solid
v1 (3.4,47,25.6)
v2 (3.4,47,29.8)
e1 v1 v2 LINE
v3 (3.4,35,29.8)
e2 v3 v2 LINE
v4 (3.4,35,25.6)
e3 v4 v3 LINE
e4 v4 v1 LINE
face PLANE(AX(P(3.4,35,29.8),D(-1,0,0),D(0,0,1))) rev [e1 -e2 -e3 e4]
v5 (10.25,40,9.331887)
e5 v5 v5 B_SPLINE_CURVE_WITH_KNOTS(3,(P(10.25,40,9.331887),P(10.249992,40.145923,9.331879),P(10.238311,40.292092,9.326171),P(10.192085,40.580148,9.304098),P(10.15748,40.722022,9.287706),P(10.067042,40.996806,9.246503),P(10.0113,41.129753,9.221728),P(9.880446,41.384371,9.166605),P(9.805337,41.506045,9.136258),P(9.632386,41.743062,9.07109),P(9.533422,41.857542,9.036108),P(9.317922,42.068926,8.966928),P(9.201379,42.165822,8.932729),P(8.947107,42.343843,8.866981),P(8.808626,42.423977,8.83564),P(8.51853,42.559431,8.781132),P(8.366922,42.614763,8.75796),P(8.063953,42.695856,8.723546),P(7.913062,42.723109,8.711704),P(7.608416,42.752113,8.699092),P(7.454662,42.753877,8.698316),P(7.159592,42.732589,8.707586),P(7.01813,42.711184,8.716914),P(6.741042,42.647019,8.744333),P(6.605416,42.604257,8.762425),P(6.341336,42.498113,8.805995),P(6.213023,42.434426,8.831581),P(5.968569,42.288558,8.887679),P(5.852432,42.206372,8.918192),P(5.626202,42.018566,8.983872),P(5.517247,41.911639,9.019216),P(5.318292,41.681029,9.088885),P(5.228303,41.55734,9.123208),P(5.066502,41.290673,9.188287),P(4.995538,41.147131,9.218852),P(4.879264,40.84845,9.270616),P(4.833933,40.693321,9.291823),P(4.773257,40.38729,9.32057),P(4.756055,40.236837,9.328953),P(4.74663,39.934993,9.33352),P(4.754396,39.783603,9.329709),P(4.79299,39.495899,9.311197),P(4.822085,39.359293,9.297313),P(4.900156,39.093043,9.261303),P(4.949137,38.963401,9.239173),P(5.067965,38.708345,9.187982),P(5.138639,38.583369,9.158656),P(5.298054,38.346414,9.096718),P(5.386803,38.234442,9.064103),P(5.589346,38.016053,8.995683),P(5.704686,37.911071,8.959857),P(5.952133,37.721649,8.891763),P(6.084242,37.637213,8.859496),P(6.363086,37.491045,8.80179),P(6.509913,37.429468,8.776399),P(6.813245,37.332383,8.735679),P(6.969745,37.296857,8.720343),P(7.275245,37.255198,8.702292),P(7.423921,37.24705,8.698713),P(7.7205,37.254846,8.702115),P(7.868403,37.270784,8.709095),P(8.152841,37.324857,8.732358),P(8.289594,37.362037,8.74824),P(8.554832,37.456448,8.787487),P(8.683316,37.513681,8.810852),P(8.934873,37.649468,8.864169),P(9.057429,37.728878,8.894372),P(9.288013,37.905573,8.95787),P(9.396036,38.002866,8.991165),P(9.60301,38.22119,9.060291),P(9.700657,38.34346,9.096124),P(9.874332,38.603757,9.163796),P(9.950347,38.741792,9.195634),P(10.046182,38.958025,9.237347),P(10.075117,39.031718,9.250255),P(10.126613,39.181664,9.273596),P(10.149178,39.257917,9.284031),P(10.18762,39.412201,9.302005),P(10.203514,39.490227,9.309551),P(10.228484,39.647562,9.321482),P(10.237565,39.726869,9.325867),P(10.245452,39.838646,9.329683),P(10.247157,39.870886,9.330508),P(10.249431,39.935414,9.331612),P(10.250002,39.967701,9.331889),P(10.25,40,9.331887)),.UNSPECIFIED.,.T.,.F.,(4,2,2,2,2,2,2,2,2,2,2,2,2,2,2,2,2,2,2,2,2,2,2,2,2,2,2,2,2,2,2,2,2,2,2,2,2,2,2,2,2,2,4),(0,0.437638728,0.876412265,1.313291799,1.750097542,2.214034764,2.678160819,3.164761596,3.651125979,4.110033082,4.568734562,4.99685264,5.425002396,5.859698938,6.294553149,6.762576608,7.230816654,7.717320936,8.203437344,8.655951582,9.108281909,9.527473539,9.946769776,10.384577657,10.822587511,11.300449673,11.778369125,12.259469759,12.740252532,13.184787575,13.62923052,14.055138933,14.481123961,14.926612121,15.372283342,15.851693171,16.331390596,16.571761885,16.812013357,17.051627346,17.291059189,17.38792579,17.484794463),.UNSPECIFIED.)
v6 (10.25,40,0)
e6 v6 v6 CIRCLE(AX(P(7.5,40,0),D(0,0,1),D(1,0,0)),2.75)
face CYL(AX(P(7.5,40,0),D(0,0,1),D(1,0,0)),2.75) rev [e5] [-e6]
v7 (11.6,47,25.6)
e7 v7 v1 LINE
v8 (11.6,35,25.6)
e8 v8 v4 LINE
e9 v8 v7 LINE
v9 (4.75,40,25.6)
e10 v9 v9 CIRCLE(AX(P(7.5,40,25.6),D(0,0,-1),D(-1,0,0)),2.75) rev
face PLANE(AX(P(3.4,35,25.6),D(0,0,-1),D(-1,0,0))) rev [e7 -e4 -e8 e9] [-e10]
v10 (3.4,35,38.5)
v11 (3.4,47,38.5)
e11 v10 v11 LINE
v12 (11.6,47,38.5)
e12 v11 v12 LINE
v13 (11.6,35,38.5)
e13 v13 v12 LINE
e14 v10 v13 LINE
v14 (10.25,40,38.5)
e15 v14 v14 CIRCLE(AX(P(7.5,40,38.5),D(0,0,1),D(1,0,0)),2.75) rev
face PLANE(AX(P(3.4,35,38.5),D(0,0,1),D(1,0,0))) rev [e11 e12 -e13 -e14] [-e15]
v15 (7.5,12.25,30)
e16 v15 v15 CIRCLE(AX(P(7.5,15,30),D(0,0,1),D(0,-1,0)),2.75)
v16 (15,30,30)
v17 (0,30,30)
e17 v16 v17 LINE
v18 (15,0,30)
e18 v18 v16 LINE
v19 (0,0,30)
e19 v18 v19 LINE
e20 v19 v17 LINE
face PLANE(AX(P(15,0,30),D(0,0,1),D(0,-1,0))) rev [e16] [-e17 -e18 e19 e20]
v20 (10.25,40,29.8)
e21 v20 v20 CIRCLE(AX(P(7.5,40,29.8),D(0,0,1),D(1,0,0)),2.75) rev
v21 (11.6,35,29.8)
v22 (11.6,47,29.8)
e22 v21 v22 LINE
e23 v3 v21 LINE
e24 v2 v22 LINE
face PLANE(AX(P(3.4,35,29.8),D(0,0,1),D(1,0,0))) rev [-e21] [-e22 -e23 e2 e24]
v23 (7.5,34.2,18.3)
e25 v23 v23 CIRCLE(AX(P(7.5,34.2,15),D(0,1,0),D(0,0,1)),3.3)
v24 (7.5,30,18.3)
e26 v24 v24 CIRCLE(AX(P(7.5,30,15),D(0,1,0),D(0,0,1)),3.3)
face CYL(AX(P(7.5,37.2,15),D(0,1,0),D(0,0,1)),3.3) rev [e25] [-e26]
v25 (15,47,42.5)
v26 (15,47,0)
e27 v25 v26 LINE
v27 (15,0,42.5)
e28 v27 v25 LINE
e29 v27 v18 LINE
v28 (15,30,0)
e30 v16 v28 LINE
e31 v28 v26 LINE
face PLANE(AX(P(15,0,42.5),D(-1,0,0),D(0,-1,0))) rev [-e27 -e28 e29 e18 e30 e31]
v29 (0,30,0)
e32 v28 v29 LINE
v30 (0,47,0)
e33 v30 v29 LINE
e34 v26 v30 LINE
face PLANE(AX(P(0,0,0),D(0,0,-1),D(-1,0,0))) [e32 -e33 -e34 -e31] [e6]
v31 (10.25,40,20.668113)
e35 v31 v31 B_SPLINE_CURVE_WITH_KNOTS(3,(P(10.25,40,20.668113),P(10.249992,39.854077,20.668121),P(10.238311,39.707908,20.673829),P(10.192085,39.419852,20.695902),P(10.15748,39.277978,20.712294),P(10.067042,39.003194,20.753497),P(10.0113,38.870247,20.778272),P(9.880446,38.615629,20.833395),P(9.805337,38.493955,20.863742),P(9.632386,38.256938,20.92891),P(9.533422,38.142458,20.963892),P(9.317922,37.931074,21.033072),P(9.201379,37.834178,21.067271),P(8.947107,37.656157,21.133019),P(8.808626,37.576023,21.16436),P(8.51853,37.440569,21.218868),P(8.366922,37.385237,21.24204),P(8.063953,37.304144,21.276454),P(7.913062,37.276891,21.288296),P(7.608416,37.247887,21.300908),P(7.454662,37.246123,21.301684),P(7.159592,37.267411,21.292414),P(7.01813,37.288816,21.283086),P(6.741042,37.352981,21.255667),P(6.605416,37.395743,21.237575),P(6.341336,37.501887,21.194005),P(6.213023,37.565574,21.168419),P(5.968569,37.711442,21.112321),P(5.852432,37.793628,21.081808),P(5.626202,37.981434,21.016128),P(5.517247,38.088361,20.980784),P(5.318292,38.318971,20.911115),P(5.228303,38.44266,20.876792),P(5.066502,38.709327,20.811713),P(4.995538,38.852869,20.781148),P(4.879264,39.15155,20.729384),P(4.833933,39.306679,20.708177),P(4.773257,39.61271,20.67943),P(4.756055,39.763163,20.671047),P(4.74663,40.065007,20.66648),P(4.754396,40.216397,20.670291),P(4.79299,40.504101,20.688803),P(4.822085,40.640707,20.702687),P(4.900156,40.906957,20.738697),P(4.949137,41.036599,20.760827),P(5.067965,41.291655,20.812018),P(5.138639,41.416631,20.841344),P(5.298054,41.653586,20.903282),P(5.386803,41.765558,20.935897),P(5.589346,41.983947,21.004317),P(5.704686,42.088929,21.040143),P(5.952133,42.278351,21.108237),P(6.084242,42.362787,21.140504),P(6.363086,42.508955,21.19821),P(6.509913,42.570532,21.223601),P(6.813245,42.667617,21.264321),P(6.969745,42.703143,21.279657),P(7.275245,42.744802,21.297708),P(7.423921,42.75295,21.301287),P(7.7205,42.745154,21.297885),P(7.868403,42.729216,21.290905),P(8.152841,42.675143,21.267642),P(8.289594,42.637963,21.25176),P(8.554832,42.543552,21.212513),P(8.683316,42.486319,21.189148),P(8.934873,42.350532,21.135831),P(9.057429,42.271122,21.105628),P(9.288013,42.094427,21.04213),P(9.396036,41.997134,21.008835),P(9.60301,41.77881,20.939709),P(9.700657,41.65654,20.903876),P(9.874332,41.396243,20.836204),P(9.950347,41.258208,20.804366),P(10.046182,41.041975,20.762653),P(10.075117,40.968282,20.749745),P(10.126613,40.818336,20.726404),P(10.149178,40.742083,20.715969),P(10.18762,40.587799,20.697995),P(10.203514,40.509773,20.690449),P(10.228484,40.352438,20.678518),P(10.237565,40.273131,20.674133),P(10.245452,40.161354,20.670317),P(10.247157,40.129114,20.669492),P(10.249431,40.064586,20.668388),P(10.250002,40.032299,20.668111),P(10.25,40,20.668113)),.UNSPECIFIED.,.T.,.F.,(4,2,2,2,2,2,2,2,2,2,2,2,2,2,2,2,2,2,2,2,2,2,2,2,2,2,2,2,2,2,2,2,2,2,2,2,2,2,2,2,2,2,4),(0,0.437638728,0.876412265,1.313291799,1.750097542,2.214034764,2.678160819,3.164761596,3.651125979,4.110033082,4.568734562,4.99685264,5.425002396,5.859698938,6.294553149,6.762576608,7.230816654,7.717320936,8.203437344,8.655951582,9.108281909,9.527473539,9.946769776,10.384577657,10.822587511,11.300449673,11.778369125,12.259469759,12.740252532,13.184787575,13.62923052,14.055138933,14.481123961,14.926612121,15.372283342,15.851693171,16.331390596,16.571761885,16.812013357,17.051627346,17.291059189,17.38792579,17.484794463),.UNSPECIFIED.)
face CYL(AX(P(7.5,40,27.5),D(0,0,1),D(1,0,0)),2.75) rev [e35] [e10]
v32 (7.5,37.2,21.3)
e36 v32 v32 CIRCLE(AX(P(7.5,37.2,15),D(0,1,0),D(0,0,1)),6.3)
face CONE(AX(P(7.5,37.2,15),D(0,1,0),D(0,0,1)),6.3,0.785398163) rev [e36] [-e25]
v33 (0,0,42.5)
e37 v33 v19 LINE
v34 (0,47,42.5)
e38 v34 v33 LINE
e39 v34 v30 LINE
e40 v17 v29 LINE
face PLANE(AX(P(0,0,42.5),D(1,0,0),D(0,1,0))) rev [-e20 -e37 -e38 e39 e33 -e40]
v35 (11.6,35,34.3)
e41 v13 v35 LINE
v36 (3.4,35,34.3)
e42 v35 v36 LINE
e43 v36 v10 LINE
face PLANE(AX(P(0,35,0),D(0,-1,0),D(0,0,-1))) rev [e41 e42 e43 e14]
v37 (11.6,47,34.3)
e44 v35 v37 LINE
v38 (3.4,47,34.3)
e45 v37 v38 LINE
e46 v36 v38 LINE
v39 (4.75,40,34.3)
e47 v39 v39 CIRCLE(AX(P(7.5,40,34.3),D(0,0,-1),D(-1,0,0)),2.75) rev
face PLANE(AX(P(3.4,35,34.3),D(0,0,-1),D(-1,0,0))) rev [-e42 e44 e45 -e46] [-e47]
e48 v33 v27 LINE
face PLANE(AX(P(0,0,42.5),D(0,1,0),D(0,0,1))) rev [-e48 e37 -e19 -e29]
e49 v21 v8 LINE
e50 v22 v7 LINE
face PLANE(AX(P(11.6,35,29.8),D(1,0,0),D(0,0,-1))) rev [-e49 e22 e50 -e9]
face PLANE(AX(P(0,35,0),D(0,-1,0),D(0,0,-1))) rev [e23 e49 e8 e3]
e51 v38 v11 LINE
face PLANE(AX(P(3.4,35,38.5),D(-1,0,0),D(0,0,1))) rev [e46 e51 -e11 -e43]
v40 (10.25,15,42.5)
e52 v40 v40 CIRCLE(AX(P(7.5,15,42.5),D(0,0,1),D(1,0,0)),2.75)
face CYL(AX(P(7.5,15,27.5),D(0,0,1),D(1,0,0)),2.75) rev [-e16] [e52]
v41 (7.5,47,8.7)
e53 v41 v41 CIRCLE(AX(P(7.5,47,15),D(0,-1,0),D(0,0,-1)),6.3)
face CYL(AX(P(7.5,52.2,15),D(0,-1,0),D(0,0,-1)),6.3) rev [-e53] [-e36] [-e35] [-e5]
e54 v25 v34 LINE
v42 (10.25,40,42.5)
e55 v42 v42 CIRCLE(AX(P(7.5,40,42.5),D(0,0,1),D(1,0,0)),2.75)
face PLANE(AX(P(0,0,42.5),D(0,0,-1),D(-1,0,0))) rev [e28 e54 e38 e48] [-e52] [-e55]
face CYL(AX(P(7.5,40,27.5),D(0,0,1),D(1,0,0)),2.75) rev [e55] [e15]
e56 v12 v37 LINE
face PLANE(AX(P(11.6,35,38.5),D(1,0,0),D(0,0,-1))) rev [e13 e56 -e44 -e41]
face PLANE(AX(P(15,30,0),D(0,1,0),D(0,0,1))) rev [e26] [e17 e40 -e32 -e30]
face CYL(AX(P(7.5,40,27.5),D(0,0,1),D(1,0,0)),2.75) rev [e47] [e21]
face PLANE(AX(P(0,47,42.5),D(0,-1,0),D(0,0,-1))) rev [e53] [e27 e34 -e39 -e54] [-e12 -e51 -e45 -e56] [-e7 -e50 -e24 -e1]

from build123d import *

# Parameters (mm, degrees)
SKETCH1_W                                       = 15
SKETCH1_H                                       = 47
BOSS_EXTRUDE1_DEPTH                             = 42.5
SKETCH2_W                                       = 30
SKETCH2_H                                       = 30
CUT_EXTRUDE1_DEPTH                              = 16
SKETCH3_R                                       = 2.75
CUT_EXTRUDE2_DEPTH                              = 15
CUT_EXTRUDE3_REACH                              = 49
SKETCH4_R                                       = 3.25
SKETCH5_R                                       = 2.75
CUT_EXTRUDE4_DEPTH                              = 28.5
CUT_EXTRUDE6_START                              = -7.2
SKETCH6_R                                       = 6.3
CUT_EXTRUDE6_DEPTH                              = 15
CSK_FOR_M6_FLAT_HEAD_MACHINE_SCREW1_D           = 6.6
CSK_FOR_M6_FLAT_HEAD_MACHINE_SCREW1_CSINK_D     = 12.6
CSK_FOR_M6_FLAT_HEAD_MACHINE_SCREW1_CSINK_ANGLE = 90
SKETCH10_W                                      = 8.2
SKETCH10_H                                      = 4.2
CUT_EXTRUDE7_DEPTH                              = 12


with BuildPart() as part:
    # Sketch1 → Boss-Extrude1 (new body)
    with BuildSketch(Plane.XY):
        with Locations((7.5, 23.5)):
            Rectangle(SKETCH1_W, SKETCH1_H)
    extrude(amount=BOSS_EXTRUDE1_DEPTH)

    # Sketch2 → Cut-Extrude1 (cut, through all)
    with BuildSketch(Plane.ZY):
        with Locations((15, 15)):
            Rectangle(SKETCH2_W, SKETCH2_H)
    extrude(amount=-CUT_EXTRUDE1_DEPTH, mode=Mode.SUBTRACT)

    # Sketch3 → Cut-Extrude2 (cut)
    with BuildSketch(Plane.XY.offset(42.5)):
        with Locations((7.5, 15)):
            Circle(SKETCH3_R)
        with Locations((7.5, 40)):
            Circle(SKETCH3_R)
    extrude(amount=-CUT_EXTRUDE2_DEPTH, mode=Mode.SUBTRACT)

    # Sketch4 → Cut-Extrude3 (cut, up to next)
    with BuildSketch(Plane(origin=(0, 47, 0), x_dir=(1, 0, 0), z_dir=(0, 1, 0)), mode=Mode.PRIVATE) as cut_extrude3_sk1:
        with Locations((7.5, -15)):
            Circle(SKETCH4_R)
    cut_extrude3_tool1 = extrude(cut_extrude3_sk1.sketch, amount=-CUT_EXTRUDE3_REACH, mode=Mode.PRIVATE) & part.part
    add(cut_extrude3_tool1.solids().sort_by_distance((7.5, 47, 15))[0], mode=Mode.SUBTRACT)

    # Sketch5 → Cut-Extrude4 (cut, through all)
    with BuildSketch(Plane.XY.offset(27.5)):
        with Locations((7.5, 40)):
            Circle(SKETCH5_R)
    extrude(amount=-CUT_EXTRUDE4_DEPTH, mode=Mode.SUBTRACT)

    # Sketch6 → Cut-Extrude6 (cut)
    with BuildSketch(Plane.XZ.offset(-30).offset(CUT_EXTRUDE6_START)):
        with Locations((7.5, 15)):
            Circle(SKETCH6_R)
    extrude(amount=-CUT_EXTRUDE6_DEPTH, mode=Mode.SUBTRACT)

    # CSK for M6 Flat Head Machine Screw1 (through all)
    with Locations(Plane(origin=(0, 37.2, 0), x_dir=(1, 0, 0), z_dir=(0, 1, 0))):
        with Locations((7.5, -15)):
            CounterSinkHole(CSK_FOR_M6_FLAT_HEAD_MACHINE_SCREW1_D / 2, CSK_FOR_M6_FLAT_HEAD_MACHINE_SCREW1_CSINK_D / 2, counter_sink_angle=CSK_FOR_M6_FLAT_HEAD_MACHINE_SCREW1_CSINK_ANGLE)

    # Sketch10 → Cut-Extrude7 (cut)
    with BuildSketch(Plane(origin=(0, 47, 0), x_dir=(1, 0, 0), z_dir=(0, 1, 0))):
        with Locations((7.5, -36.4)):
            Rectangle(SKETCH10_W, SKETCH10_H)
        with Locations((7.5, -27.7)):
            Rectangle(SKETCH10_W, SKETCH10_H)
    extrude(amount=-CUT_EXTRUDE7_DEPTH, mode=Mode.SUBTRACT)


solid = part.part
